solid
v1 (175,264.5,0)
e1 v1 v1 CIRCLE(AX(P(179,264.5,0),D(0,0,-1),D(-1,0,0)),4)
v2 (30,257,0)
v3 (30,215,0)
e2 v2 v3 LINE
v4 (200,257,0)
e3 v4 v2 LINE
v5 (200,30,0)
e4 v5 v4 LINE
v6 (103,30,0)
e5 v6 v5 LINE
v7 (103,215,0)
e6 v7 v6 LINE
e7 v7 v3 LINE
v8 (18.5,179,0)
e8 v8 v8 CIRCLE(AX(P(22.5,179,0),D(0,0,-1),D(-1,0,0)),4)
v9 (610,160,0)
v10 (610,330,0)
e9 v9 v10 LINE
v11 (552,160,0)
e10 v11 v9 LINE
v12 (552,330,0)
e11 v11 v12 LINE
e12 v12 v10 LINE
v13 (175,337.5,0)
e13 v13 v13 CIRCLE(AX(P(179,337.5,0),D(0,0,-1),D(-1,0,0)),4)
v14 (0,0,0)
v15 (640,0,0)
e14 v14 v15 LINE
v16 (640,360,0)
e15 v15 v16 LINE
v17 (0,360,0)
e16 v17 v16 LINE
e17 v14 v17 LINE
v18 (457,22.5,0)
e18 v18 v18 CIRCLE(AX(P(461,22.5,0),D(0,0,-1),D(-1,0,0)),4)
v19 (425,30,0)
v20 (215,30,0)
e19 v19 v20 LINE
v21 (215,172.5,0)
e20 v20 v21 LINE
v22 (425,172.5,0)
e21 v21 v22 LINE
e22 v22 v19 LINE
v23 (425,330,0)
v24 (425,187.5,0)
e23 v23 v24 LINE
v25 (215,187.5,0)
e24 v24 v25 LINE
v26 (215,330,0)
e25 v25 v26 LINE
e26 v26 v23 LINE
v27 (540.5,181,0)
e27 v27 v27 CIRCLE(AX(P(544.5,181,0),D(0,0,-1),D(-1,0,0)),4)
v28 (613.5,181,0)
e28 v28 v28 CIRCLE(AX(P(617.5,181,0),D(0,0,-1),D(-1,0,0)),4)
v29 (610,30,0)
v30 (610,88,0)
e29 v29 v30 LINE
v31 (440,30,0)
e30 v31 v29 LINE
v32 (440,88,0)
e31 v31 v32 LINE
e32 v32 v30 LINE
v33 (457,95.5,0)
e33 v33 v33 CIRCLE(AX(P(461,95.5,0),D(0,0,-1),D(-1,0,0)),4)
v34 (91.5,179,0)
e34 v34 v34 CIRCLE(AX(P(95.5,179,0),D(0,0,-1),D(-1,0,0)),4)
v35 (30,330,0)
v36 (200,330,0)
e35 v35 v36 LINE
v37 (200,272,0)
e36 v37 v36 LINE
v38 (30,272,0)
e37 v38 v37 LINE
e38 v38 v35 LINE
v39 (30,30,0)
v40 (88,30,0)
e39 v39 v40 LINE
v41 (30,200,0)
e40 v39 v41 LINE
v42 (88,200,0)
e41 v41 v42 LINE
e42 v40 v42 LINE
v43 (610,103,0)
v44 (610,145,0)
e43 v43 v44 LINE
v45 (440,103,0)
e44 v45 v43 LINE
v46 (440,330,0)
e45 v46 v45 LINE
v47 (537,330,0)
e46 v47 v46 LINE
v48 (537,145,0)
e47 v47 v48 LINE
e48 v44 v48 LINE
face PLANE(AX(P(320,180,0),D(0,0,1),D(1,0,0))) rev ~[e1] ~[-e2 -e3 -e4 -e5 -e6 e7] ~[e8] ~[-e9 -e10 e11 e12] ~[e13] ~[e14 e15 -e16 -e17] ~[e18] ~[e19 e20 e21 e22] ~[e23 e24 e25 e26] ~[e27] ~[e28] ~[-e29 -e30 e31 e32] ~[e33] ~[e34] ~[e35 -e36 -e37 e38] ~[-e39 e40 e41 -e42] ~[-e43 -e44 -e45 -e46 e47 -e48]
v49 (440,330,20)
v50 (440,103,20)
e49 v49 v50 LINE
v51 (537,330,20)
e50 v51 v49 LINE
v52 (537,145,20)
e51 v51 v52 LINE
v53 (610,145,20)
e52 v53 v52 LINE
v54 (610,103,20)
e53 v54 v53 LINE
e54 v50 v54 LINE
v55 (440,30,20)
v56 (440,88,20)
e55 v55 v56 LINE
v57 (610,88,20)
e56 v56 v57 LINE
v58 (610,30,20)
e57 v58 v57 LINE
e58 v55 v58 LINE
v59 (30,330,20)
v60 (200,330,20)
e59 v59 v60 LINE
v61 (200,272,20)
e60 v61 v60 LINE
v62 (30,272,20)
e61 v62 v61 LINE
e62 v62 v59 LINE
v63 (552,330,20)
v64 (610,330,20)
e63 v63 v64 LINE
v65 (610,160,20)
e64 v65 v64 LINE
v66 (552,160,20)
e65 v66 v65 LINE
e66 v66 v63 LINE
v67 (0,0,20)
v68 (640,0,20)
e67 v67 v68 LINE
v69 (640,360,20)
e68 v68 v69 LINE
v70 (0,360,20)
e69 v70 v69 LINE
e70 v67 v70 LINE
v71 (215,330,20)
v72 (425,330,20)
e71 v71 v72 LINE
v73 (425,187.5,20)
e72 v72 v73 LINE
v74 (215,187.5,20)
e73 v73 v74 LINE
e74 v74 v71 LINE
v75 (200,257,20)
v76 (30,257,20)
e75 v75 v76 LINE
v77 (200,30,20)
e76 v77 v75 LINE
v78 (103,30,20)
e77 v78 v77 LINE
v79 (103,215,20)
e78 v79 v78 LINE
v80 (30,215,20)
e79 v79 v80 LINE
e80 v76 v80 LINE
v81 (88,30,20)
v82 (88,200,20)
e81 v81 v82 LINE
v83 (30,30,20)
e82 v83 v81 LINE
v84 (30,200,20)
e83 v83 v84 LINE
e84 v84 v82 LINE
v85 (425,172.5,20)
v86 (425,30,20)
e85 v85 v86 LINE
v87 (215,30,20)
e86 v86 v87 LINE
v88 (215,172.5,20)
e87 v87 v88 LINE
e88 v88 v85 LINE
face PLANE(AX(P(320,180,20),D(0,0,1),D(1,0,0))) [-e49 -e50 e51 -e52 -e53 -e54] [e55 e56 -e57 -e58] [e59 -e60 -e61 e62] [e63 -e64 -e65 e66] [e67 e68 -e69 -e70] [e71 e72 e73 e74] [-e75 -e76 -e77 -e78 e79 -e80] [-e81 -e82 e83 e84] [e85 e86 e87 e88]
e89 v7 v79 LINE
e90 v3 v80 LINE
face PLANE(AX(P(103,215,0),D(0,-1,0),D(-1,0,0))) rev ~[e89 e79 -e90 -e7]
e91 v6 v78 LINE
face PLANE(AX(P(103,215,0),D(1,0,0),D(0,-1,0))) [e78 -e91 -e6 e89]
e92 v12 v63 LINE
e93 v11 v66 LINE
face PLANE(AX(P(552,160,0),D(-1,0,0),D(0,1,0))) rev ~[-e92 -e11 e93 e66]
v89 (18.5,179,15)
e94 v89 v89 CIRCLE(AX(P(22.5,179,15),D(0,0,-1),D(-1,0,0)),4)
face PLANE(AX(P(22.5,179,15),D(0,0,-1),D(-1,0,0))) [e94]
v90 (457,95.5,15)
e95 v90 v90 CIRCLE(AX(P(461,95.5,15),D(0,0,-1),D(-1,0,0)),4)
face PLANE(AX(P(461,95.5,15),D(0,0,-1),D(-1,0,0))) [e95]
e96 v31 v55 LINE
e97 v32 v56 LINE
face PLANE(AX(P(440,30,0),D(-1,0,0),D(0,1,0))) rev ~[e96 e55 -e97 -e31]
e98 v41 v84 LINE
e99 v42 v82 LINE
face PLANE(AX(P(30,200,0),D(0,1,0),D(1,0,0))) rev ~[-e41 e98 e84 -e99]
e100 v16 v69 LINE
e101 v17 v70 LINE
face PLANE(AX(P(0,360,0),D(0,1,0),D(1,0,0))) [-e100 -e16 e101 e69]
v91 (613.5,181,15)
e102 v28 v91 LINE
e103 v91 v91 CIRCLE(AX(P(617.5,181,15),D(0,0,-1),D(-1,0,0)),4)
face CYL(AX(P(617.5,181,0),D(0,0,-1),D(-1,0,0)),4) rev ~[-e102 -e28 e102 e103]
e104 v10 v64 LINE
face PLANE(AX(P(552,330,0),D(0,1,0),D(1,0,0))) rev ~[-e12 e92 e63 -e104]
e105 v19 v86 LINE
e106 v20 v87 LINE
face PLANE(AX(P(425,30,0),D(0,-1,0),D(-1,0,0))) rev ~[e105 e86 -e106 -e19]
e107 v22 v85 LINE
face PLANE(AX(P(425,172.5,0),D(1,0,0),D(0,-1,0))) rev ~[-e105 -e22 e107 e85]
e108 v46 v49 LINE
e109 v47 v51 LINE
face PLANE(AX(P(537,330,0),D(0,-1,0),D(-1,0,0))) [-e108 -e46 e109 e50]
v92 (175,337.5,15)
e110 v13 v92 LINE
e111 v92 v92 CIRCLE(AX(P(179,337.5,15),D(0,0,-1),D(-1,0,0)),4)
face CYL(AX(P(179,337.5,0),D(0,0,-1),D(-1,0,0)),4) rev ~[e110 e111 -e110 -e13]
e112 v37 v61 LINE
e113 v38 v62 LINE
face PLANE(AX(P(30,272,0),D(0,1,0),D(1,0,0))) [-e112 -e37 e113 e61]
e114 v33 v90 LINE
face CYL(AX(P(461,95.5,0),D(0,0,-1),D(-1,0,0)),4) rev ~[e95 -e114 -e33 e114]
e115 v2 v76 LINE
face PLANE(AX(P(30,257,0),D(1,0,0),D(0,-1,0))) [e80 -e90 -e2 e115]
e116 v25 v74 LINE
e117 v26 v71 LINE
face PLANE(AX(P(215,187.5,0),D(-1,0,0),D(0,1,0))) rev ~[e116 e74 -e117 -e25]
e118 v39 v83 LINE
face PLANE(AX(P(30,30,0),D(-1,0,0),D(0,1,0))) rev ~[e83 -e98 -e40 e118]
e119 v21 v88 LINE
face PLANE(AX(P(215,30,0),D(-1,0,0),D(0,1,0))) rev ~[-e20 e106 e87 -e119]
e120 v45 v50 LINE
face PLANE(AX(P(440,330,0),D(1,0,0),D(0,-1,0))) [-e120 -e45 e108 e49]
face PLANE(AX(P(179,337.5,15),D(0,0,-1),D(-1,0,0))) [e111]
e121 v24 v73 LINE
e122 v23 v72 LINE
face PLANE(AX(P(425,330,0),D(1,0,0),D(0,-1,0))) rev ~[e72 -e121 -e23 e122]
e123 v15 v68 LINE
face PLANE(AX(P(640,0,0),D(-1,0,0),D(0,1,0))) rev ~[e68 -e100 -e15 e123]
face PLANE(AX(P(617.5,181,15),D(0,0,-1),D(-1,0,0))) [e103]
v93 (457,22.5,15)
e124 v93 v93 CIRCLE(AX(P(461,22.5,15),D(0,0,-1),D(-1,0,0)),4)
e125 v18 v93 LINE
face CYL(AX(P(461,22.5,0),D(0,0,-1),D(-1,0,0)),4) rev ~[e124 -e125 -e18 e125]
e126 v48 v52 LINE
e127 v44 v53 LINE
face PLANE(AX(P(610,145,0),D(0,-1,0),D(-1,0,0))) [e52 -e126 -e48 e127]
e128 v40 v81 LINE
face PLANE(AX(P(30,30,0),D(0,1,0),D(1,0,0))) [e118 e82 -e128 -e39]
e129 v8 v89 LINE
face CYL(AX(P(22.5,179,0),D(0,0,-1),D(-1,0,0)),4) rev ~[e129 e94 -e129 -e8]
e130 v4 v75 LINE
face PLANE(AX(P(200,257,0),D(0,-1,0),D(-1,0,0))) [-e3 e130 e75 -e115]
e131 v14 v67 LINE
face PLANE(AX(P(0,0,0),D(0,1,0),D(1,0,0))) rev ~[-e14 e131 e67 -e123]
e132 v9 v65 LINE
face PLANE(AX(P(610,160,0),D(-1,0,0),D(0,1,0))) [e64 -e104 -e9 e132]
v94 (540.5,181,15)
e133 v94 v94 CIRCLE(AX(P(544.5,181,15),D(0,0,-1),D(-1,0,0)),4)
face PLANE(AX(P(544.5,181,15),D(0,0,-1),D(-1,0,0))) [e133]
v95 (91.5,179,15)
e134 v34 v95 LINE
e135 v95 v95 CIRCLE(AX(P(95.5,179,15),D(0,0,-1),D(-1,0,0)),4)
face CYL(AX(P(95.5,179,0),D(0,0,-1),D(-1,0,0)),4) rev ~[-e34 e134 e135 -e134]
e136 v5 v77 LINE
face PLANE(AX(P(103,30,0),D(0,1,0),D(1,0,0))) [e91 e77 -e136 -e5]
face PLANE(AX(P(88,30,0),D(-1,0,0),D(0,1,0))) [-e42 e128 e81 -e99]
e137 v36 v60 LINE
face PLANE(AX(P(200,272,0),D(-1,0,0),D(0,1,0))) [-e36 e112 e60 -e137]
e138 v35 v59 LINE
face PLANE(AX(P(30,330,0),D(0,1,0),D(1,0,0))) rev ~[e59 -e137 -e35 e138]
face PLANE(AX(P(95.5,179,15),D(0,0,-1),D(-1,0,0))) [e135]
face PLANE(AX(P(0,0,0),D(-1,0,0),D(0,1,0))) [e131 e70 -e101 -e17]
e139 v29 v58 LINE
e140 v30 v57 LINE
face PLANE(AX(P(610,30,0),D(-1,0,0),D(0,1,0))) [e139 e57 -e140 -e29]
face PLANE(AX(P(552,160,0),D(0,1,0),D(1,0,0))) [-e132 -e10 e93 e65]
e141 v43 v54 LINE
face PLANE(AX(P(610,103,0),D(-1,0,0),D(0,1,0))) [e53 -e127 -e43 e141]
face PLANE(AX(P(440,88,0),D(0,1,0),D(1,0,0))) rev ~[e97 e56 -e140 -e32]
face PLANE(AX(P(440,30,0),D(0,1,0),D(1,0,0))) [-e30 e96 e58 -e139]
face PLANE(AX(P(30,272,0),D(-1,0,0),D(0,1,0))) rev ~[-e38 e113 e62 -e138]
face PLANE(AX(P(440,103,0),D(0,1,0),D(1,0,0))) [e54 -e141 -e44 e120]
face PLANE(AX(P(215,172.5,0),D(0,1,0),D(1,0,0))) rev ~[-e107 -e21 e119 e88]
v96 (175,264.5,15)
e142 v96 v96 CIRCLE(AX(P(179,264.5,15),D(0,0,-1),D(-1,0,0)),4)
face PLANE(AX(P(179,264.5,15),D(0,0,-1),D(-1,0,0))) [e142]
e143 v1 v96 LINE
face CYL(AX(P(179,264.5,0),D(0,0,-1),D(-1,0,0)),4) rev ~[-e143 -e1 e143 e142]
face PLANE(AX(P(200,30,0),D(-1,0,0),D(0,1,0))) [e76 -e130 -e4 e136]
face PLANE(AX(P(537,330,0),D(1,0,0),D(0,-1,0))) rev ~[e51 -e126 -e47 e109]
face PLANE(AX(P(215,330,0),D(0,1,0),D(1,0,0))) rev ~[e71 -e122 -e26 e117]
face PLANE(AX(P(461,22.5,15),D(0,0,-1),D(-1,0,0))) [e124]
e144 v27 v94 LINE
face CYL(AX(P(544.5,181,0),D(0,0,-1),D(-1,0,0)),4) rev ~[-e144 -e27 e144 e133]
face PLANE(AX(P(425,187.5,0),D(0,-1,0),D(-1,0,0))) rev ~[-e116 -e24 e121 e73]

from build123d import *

# Parameters (mm, degrees)
ESBO_O1_W                = 640
ESBO_O1_H                = 360
ESBO_O1_W_2              = 170
ESBO_O1_H_2              = 58
ESBO_O1_W_3              = 58
ESBO_O1_H_3              = 170
RESSALTO_EXTRUS_O1_DEPTH = 20
ESBO_O2_R                = 4
CORTE_EXTRUS_O1_DEPTH    = 15


with BuildPart() as part:
    # Esboço1 → Ressalto-extrusão1 (new body)
    with BuildSketch(Plane.XY):
        with Locations((320, 180)):
            Rectangle(ESBO_O1_W, ESBO_O1_H)
        Polygon((215, 330), (425, 330), (425, 187.5), (215, 187.5), (215, 257), align=None, mode=Mode.SUBTRACT)
        with Locations((115, 301)):
            Rectangle(ESBO_O1_W_2, ESBO_O1_H_2, mode=Mode.SUBTRACT)
        with Locations((59, 115)):
            Rectangle(ESBO_O1_W_3, ESBO_O1_H_3, mode=Mode.SUBTRACT)
        with Locations((581, 245)):
            Rectangle(ESBO_O1_W_3, ESBO_O1_H_3, mode=Mode.SUBTRACT)
        Polygon((200, 257), (30, 257), (30, 215), (88, 215), (103, 215), (103, 30), (200, 30), align=None, mode=Mode.SUBTRACT)
        Polygon((425, 88), (425, 30), (215, 30), (215, 172.5), (425, 172.5), (425, 103), align=None, mode=Mode.SUBTRACT)
        with Locations((525, 59)):
            Rectangle(ESBO_O1_W_2, ESBO_O1_H_2, mode=Mode.SUBTRACT)
        Polygon((440, 103), (610, 103), (610, 145), (537, 145), (537, 160), (537, 330), (440, 330), align=None, mode=Mode.SUBTRACT)
    extrude(amount=RESSALTO_EXTRUS_O1_DEPTH)

    # Esboço2 → Corte-extrusão1 (cut)
    with BuildSketch(Plane(origin=(0, 0, 0), x_dir=(-1, 0, 0), z_dir=(0, 0, -1))):
        with Locations((-179, 337.5)):
            Circle(ESBO_O2_R)
        with Locations((-179, 264.5)):
            Circle(ESBO_O2_R)
        with Locations((-22.5, 179)):
            Circle(ESBO_O2_R)
        with Locations((-95.5, 179)):
            Circle(ESBO_O2_R)
        with Locations((-461, 95.5)):
            Circle(ESBO_O2_R)
        with Locations((-461, 22.5)):
            Circle(ESBO_O2_R)
        with Locations((-544.5, 181)):
            Circle(ESBO_O2_R)
        with Locations((-617.5, 181)):
            Circle(ESBO_O2_R)
    extrude(amount=-CORTE_EXTRUS_O1_DEPTH, mode=Mode.SUBTRACT)


solid = part.part
